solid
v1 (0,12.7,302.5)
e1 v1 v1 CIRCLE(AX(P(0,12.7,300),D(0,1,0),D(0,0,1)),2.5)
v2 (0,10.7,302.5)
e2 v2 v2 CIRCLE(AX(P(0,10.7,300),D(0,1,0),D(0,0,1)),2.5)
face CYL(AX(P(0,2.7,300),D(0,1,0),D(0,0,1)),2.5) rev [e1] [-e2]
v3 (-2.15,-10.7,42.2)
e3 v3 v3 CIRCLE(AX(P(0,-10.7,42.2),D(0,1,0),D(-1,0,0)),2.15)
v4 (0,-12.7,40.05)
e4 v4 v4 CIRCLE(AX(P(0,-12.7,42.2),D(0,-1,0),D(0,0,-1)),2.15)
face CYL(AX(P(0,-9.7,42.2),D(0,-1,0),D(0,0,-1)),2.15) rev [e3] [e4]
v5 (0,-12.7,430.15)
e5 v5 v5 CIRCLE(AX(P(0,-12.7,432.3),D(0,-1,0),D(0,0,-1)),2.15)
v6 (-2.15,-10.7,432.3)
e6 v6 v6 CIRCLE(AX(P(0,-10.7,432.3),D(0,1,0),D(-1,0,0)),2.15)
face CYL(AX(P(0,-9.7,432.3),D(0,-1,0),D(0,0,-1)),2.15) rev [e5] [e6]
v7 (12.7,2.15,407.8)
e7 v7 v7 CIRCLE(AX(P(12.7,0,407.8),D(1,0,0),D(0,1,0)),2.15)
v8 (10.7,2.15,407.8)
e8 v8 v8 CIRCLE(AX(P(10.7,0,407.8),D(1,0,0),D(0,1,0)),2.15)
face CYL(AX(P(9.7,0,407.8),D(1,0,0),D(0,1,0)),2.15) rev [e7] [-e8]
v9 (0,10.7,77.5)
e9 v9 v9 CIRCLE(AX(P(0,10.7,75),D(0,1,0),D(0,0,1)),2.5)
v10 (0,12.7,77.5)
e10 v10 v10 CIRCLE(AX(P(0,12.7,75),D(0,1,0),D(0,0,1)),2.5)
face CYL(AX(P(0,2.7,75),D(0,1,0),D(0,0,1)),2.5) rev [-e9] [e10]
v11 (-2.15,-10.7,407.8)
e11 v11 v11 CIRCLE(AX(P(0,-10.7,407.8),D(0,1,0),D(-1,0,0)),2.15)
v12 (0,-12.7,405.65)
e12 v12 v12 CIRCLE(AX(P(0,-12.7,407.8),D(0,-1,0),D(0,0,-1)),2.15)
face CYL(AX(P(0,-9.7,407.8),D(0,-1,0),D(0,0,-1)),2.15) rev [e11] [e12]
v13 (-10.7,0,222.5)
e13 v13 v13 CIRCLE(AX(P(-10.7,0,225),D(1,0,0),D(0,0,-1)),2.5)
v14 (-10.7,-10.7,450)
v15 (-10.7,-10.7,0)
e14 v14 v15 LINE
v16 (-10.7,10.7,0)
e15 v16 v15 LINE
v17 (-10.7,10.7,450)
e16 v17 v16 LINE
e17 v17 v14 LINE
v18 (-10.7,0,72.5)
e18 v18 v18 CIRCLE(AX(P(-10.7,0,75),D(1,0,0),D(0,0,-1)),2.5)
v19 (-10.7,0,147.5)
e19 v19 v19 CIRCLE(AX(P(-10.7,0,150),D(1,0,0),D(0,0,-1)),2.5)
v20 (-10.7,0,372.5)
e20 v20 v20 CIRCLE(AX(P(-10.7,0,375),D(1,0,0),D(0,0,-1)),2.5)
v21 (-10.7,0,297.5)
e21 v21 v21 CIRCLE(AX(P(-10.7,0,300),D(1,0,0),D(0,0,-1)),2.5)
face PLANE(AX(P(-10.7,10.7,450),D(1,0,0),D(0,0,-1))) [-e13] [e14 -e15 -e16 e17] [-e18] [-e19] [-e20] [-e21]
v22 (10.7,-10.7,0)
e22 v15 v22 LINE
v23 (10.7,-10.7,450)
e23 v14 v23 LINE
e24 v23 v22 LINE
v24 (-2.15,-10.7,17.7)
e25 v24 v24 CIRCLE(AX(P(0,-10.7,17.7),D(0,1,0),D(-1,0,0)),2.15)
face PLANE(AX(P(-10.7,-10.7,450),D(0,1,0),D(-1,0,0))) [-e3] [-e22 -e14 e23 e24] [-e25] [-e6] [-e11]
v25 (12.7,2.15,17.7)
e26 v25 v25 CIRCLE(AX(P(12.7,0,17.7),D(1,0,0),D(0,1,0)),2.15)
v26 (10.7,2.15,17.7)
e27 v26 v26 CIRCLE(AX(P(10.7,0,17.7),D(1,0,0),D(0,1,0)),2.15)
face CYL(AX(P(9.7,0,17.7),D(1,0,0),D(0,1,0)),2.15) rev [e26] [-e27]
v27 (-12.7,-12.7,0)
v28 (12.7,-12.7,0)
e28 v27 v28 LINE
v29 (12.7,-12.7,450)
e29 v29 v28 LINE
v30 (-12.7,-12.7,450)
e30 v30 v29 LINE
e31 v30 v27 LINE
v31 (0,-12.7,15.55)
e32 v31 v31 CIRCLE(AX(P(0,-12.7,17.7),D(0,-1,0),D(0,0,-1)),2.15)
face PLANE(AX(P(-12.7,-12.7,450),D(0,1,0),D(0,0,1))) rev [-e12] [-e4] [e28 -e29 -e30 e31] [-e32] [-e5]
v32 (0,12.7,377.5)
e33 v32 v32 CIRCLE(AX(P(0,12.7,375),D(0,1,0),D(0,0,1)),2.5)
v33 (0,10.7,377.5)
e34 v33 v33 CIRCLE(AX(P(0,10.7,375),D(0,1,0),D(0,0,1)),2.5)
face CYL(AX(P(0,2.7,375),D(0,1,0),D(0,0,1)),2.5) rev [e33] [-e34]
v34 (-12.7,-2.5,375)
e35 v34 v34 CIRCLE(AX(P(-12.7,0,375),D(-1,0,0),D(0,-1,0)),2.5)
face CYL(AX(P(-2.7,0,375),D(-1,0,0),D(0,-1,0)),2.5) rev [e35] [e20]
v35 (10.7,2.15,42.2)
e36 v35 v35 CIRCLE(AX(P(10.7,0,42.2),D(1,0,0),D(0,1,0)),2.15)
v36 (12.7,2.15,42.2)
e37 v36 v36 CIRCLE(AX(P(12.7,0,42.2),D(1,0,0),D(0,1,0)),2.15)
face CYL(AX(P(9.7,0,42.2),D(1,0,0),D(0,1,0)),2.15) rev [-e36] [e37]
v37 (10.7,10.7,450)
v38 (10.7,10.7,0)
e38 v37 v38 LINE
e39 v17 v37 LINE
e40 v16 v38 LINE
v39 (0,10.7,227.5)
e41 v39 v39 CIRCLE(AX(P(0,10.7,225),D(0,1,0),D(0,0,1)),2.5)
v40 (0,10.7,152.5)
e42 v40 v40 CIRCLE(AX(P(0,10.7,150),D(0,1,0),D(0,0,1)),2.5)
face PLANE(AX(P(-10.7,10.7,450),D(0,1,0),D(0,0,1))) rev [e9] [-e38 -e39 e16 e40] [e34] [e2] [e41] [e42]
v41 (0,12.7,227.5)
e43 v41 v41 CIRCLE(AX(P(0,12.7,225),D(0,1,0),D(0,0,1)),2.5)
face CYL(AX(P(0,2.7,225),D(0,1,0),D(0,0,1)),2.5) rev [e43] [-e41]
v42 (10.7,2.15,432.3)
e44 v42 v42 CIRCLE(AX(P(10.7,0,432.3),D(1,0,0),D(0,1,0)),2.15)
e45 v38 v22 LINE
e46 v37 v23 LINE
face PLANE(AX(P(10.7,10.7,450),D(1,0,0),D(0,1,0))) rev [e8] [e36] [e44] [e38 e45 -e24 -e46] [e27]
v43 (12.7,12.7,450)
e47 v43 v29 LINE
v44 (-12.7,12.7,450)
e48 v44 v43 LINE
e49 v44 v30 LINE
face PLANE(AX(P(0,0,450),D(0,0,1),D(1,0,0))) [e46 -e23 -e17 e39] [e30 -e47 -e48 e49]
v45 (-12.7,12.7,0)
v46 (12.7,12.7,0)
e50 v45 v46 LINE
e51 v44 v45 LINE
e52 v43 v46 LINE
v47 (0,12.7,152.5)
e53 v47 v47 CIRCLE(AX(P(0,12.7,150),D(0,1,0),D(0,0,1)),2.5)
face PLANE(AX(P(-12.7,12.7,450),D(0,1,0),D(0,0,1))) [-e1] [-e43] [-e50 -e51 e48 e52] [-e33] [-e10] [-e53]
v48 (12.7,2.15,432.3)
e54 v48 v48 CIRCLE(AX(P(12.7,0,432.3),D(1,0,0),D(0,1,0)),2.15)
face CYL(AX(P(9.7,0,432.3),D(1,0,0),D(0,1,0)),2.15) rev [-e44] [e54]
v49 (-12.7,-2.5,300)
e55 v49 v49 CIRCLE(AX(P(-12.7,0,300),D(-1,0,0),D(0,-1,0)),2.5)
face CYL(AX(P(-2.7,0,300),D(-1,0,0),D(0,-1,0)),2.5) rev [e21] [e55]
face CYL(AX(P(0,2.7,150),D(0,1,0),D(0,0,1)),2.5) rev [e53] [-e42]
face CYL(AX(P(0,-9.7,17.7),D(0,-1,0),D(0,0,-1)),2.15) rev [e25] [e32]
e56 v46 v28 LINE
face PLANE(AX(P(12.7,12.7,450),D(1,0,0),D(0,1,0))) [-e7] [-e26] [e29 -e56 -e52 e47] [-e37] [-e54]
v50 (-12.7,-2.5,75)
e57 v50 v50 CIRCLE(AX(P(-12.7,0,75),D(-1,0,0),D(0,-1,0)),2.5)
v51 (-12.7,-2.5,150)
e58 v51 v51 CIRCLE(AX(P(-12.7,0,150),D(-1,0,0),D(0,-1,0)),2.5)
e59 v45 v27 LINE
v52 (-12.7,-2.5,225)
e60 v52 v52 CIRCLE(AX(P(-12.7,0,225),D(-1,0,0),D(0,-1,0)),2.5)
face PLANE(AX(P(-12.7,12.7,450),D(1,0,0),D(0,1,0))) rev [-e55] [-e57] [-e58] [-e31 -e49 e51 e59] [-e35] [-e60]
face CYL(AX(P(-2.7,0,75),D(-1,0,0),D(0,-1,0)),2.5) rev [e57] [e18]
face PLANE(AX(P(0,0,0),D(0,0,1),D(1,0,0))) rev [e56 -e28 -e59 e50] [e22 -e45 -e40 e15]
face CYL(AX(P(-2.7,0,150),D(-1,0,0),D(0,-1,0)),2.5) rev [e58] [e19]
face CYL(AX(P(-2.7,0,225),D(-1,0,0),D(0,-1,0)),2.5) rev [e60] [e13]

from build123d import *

# Parameters (mm, degrees)
SKETCH_1_W          = 25.4
SKETCH_1_H          = 25.4
EXTRUDE_1_DEPTH     = 450
SKETCH_1_3_W        = 21.4
SKETCH_1_3_H        = 21.4
CUT_EXTRUDE_1_DEPTH = 451.358279595
SKETCH_2_R          = 2.15
CUT_EXTRUDE_2_DEPTH = 3
SKETCH_3_R          = 2.15
CUT_EXTRUDE_3_DEPTH = 3
SKETCH_4_R          = 2.15
CUT_EXTRUDE_4_DEPTH = 3
SKETCH_5_R          = 2.15
CUT_EXTRUDE_5_DEPTH = 3
SKETCH_6_R          = 2.5
CUT_EXTRUDE_6_DEPTH = 10
SKETCH_8_R          = 2.5
CUT_EXTRUDE_7_DEPTH = 10


with BuildPart() as part:
    # 草圖1 → 填料-伸長1 (new body)
    with BuildSketch(Plane.XY):
        Rectangle(SKETCH_1_W, SKETCH_1_H)
    extrude(amount=EXTRUDE_1_DEPTH)

    # 草圖1<3> → 除料-伸長1 (cut, through all)
    with BuildSketch(Plane.XY):
        Rectangle(SKETCH_1_3_W, SKETCH_1_3_H)
    extrude(amount=CUT_EXTRUDE_1_DEPTH, mode=Mode.SUBTRACT)

    # 草圖2 → 除料-伸長2 (cut)
    with BuildSketch(Plane.XZ.offset(12.7)):
        with Locations((0, 17.7)):
            Circle(SKETCH_2_R)
        with Locations((0, 42.2)):
            Circle(SKETCH_2_R)
    extrude(amount=-CUT_EXTRUDE_2_DEPTH, mode=Mode.SUBTRACT)

    # 草圖3 → 除料-伸長3 (cut)
    with BuildSketch(Plane(origin=(12.7, 0, 0), x_dir=(0, 0, -1), z_dir=(1, 0, 0))):
        with Locations((-42.2, 0)):
            Circle(SKETCH_3_R)
        with Locations((-17.7, 0)):
            Circle(SKETCH_3_R)
    extrude(amount=-CUT_EXTRUDE_3_DEPTH, mode=Mode.SUBTRACT)

    # 草圖4 → 除料-伸長4 (cut)
    with BuildSketch(Plane(origin=(12.7, 0, 0), x_dir=(0, 0, -1), z_dir=(1, 0, 0))):
        with Locations((-407.8, 0)):
            Circle(SKETCH_4_R)
        with Locations((-432.3, 0)):
            Circle(SKETCH_4_R)
    extrude(amount=-CUT_EXTRUDE_4_DEPTH, mode=Mode.SUBTRACT)

    # 草圖5 → 除料-伸長5 (cut)
    with BuildSketch(Plane.XZ.offset(12.7)):
        with Locations((0, 407.8)):
            Circle(SKETCH_5_R)
        with Locations((0, 432.3)):
            Circle(SKETCH_5_R)
    extrude(amount=-CUT_EXTRUDE_5_DEPTH, mode=Mode.SUBTRACT)

    # 草圖6 → 除料-伸長6 (cut)
    with BuildSketch(Plane(origin=(0, 12.7, 0), x_dir=(1, 0, 0), z_dir=(0, 1, 0))):
        with Locations((0, -375)):
            Circle(SKETCH_6_R)
        with Locations((0, -300)):
            Circle(SKETCH_6_R)
        with Locations((0, -225)):
            Circle(SKETCH_6_R)
        with Locations((0, -150)):
            Circle(SKETCH_6_R)
        with Locations((0, -75)):
            Circle(SKETCH_6_R)
    extrude(amount=-CUT_EXTRUDE_6_DEPTH, mode=Mode.SUBTRACT)

    # 草圖8 → 除料-伸長7 (cut)
    with BuildSketch(Plane.ZY.offset(12.7)):
        with Locations((375, 0)):
            Circle(SKETCH_8_R)
        with Locations((300, 0)):
            Circle(SKETCH_8_R)
        with Locations((225, 0)):
            Circle(SKETCH_8_R)
        with Locations((150, 0)):
            Circle(SKETCH_8_R)
        with Locations((75, 0)):
            Circle(SKETCH_8_R)
    extrude(amount=-CUT_EXTRUDE_7_DEPTH, mode=Mode.SUBTRACT)


solid = part.part
